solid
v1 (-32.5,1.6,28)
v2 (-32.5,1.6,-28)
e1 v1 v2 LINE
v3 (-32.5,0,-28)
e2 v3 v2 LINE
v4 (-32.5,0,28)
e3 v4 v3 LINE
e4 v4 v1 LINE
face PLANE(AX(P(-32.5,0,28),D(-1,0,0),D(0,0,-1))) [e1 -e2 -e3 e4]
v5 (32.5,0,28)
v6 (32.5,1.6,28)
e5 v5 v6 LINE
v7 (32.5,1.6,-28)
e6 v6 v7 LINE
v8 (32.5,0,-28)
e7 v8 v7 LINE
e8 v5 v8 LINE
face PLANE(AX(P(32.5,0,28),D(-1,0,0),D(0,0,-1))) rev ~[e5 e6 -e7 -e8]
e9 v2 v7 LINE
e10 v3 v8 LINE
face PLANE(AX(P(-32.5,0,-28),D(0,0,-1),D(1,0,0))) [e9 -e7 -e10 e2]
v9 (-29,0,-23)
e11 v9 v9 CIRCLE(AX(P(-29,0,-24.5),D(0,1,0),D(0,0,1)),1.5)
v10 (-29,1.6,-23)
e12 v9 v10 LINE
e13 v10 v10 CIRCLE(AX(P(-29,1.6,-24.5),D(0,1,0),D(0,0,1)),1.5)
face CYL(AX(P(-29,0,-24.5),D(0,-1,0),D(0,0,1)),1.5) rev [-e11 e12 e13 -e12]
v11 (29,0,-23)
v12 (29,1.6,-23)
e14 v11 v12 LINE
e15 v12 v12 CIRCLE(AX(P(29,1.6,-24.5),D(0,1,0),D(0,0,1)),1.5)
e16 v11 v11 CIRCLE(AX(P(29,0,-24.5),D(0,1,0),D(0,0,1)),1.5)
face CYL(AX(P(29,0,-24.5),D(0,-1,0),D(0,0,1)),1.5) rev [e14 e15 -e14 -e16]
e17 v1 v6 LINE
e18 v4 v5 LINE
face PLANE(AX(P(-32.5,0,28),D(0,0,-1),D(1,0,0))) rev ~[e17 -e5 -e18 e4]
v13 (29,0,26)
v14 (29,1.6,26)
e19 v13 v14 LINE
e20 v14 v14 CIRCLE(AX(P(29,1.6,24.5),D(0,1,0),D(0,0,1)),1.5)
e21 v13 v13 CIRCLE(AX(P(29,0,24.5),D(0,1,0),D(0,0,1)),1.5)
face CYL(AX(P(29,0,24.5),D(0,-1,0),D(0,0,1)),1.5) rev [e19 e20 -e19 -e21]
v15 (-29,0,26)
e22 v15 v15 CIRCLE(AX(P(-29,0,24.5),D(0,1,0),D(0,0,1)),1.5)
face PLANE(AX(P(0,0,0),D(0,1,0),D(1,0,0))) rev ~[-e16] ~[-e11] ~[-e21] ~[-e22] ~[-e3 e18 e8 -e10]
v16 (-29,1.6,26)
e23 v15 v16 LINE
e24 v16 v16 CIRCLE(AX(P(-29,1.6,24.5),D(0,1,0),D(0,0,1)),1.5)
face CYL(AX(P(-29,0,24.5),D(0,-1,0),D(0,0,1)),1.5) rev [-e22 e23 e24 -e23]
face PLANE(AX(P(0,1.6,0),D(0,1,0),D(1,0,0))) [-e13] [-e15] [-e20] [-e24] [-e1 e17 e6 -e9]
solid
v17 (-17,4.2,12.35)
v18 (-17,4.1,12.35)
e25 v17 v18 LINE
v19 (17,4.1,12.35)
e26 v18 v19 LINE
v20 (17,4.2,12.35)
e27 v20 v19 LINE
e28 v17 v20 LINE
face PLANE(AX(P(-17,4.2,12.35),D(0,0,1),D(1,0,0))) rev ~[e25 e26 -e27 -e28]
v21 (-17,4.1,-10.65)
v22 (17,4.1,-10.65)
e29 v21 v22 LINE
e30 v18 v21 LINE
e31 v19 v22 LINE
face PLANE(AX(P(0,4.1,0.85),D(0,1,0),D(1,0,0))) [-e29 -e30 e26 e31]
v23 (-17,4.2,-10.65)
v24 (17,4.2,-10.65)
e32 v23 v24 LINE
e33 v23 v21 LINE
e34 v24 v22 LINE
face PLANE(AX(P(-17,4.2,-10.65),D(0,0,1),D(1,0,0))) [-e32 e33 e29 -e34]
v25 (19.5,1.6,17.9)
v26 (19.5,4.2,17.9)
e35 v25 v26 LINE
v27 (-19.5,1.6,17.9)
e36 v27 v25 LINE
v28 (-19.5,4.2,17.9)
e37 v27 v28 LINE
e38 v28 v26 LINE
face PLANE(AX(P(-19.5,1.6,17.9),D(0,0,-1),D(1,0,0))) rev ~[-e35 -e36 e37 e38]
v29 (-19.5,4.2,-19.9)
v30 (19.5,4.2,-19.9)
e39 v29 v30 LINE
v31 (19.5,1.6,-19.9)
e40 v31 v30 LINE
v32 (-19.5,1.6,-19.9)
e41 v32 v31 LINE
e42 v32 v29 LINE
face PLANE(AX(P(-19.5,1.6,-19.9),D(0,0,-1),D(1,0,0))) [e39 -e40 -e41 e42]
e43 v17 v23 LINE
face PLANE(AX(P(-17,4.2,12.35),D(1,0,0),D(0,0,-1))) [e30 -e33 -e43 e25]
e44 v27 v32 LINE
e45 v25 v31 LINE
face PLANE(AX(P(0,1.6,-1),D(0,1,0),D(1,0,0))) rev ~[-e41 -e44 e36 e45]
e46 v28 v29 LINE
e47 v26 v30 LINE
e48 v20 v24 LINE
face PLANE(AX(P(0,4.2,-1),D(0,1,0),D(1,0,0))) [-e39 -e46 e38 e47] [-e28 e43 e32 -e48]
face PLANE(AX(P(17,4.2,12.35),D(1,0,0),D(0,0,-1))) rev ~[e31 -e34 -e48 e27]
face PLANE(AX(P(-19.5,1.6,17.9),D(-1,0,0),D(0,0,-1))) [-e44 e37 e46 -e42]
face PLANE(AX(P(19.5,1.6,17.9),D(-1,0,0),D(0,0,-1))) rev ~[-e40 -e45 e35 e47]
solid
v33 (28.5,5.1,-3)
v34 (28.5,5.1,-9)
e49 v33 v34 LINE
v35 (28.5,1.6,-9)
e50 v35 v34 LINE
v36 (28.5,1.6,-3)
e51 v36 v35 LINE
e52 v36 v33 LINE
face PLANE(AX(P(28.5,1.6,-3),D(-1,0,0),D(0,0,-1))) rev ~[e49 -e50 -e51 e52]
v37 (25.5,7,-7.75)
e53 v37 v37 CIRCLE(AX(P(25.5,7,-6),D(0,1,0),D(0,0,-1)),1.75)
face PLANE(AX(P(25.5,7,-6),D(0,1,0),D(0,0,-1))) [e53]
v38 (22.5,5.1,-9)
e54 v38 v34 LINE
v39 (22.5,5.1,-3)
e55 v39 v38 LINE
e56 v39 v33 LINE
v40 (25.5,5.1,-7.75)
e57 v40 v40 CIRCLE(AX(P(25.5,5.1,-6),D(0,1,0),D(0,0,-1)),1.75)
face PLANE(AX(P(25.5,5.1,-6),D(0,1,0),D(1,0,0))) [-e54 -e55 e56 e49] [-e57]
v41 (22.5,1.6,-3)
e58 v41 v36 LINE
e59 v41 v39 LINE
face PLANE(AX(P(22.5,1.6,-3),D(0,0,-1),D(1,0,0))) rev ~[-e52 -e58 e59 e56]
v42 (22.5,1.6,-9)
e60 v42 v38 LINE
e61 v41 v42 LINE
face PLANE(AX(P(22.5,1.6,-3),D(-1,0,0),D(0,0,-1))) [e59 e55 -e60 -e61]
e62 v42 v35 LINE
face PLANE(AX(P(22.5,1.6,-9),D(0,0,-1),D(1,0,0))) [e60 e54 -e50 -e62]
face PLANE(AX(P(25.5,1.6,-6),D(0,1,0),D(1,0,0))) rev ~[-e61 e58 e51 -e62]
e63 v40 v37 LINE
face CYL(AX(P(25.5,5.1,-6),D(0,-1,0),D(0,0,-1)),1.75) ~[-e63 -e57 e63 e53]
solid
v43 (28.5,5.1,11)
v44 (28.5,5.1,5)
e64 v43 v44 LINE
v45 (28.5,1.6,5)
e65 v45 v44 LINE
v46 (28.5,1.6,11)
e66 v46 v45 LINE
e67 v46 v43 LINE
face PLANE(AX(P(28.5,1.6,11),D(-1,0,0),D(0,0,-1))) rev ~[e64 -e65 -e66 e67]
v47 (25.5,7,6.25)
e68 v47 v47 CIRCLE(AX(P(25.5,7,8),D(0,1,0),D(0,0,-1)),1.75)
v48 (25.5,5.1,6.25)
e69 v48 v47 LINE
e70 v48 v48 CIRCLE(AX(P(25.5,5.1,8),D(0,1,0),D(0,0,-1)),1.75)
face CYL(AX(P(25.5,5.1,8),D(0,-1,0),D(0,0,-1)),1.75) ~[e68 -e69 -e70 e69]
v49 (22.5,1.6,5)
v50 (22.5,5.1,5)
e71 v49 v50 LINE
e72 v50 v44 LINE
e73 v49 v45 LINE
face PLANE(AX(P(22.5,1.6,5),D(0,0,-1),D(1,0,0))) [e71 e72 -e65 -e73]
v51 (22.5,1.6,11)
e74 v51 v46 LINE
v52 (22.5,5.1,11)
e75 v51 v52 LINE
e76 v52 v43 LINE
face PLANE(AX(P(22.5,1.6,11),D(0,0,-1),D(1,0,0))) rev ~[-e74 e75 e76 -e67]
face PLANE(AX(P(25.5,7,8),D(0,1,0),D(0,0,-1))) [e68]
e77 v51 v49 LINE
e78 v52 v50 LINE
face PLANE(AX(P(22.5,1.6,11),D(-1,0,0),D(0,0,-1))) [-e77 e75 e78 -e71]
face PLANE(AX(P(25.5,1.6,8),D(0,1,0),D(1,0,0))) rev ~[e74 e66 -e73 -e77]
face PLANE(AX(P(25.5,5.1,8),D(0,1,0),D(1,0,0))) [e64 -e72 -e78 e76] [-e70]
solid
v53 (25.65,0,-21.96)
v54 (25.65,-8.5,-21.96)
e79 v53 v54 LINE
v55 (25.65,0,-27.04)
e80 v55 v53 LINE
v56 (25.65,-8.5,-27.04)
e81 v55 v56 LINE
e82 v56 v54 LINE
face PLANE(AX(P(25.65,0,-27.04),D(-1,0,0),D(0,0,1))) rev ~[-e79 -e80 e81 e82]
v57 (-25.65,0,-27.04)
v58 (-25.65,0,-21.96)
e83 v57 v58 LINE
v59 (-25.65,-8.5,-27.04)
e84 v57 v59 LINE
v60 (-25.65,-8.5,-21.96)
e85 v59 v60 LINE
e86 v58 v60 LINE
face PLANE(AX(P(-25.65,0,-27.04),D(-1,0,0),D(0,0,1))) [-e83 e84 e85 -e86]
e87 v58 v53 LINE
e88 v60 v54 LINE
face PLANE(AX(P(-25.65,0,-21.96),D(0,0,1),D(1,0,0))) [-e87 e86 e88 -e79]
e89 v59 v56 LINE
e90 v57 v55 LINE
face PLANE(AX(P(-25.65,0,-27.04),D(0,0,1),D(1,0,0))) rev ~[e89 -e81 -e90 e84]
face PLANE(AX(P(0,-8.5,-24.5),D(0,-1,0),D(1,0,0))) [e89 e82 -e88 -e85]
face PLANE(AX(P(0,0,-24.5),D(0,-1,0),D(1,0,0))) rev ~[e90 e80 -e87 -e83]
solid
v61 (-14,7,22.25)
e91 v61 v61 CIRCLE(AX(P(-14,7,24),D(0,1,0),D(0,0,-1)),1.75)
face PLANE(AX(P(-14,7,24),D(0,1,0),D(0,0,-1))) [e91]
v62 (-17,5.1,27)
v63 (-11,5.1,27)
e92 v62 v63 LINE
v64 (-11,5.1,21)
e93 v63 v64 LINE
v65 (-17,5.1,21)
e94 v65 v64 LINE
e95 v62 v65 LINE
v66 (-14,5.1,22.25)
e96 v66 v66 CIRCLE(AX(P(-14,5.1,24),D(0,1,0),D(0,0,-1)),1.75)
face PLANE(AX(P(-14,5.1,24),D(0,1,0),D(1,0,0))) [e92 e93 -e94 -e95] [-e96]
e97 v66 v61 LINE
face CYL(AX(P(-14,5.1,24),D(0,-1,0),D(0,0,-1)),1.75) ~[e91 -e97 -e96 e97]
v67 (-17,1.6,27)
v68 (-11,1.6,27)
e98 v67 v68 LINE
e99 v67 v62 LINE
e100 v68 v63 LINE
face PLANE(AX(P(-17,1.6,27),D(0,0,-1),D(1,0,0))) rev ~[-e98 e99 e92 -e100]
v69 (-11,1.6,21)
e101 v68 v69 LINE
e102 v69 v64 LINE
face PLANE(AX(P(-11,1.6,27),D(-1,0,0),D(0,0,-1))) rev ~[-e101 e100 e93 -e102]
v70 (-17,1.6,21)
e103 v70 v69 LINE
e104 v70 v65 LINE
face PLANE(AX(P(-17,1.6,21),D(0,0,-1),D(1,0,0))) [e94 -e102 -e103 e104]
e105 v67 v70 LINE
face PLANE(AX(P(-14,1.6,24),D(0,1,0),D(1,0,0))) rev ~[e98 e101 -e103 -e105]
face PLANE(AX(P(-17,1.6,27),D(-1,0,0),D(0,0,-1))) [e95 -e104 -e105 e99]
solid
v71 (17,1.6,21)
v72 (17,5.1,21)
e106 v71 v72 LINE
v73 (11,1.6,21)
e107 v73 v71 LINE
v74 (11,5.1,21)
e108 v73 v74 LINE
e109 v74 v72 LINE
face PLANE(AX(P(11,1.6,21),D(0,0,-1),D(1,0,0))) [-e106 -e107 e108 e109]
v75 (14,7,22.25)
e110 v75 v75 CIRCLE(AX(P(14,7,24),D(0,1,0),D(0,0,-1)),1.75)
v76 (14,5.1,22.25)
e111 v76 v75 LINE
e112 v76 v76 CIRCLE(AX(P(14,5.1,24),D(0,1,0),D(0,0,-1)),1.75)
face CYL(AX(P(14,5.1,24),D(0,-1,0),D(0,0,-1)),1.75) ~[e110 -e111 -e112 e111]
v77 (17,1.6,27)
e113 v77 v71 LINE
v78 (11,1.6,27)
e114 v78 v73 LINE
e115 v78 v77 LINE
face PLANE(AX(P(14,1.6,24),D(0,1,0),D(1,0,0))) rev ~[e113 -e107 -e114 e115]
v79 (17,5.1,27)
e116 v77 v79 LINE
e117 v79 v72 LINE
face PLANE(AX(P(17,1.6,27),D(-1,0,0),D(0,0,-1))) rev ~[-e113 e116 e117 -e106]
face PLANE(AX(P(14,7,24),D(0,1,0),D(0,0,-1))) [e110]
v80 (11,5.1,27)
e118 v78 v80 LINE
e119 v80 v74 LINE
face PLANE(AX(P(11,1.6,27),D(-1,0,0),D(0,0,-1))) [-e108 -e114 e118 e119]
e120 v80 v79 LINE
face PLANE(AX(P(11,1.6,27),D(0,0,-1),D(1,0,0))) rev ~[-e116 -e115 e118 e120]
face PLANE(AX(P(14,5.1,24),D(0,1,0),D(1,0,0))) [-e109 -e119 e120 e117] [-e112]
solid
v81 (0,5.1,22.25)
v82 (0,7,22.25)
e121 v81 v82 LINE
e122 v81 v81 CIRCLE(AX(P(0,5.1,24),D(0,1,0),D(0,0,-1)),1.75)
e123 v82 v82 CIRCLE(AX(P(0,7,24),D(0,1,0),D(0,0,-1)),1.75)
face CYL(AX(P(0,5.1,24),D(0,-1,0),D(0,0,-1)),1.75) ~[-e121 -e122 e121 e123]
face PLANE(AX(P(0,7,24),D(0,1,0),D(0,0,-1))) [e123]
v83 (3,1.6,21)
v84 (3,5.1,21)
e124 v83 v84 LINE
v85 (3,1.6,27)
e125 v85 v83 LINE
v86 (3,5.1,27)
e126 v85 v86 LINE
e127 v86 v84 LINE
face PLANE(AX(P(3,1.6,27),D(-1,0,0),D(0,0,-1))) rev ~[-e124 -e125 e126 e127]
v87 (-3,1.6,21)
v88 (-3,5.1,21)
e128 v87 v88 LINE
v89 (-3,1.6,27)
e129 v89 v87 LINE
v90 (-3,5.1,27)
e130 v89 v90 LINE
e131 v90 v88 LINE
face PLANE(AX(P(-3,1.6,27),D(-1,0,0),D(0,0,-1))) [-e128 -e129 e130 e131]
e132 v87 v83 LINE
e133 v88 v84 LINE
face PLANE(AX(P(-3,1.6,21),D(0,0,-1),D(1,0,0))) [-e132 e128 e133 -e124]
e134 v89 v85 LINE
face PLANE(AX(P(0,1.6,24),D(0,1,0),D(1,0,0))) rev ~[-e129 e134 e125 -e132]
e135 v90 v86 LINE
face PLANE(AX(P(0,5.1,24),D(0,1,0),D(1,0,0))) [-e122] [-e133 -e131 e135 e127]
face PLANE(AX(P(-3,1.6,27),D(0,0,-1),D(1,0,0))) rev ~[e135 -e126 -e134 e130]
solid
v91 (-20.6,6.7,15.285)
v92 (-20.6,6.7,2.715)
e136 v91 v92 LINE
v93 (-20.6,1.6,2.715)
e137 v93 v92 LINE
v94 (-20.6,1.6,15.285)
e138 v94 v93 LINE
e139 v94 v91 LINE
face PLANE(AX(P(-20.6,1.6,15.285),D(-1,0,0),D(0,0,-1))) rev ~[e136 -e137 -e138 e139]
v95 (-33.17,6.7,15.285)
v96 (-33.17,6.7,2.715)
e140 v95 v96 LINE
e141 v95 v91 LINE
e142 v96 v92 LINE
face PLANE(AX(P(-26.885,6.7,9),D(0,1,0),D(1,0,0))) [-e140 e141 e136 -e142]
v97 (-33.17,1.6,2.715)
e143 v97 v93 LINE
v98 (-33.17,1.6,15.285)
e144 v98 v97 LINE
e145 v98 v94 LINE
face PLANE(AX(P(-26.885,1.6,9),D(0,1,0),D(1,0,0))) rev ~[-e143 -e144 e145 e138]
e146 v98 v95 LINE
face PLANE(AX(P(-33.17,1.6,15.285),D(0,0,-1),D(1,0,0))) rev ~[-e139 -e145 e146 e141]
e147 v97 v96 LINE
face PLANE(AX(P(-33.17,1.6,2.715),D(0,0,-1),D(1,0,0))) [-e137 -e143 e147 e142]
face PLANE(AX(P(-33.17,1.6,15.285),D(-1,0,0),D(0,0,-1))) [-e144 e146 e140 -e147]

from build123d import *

# Parameters (mm, degrees)
SKETCH1_W             = 65
SKETCH1_H             = 56
SKETCH1_R             = 1.5
BOSS_EXTRUDE1_DEPTH   = 1.6
SKETCH2_W             = 39
SKETCH2_H             = 37.8
BOSS_EXTRUDE2_DEPTH   = 2.6
SKETCH3_W             = 34
SKETCH3_H             = 23
CUT_EXTRUDE1_DEPTH    = 0.1
SKETCH4_W             = 12.57
SKETCH4_H             = 12.57
BOSS_EXTRUDE3_DEPTH   = 5.1
SKETCH5_W             = 6
SKETCH5_H             = 6
BOSS_EXTRUDE4_DEPTH   = 3.5
BOSS_EXTRUDE4_2_DEPTH = 3.5
BOSS_EXTRUDE4_3_DEPTH = 3.5
BOSS_EXTRUDE4_4_DEPTH = 3.5
BOSS_EXTRUDE4_5_DEPTH = 3.5
SKETCH6_R             = 1.75
BOSS_EXTRUDE5_DEPTH   = 1.9
SKETCH7_W             = 51.3
SKETCH7_H             = 5.08
BOSS_EXTRUDE6_DEPTH   = 8.5


with BuildPart() as part:
    # Sketch1 → Boss-Extrude1 (new body)
    with BuildSketch(Plane(origin=(0, 0, 0), x_dir=(1, 0, 0), z_dir=(0, 1, 0))):
        Rectangle(SKETCH1_W, SKETCH1_H)
        with Locations(Location((-29, 24.5, 0), (0, 0, 270))):
            Circle(SKETCH1_R, mode=Mode.SUBTRACT)
        with Locations(Location((29, 24.5, 0), (0, 0, 270))):
            Circle(SKETCH1_R, mode=Mode.SUBTRACT)
        with Locations(Location((29, -24.5, 0), (0, 0, 270))):
            Circle(SKETCH1_R, mode=Mode.SUBTRACT)
        with Locations(Location((-29, -24.5, 0), (0, 0, 270))):
            Circle(SKETCH1_R, mode=Mode.SUBTRACT)
    extrude(amount=BOSS_EXTRUDE1_DEPTH)


with BuildPart() as body_2:
    # Sketch2 → Boss-Extrude2 (new body)
    with BuildSketch(Plane(origin=(0, 1.6, 0), x_dir=(1, 0, 0), z_dir=(0, 1, 0))):
        with Locations((0, 1)):
            Rectangle(SKETCH2_W, SKETCH2_H)
    extrude(amount=BOSS_EXTRUDE2_DEPTH)

    # Sketch3 → Cut-Extrude1 (cut)
    with BuildSketch(Plane(origin=(0, 4.2, 0), x_dir=(1, 0, 0), z_dir=(0, 1, 0))):
        with Locations((0, -0.85)):
            Rectangle(SKETCH3_W, SKETCH3_H)
    extrude(amount=-CUT_EXTRUDE1_DEPTH, mode=Mode.SUBTRACT)


with BuildPart() as body_3:
    # Sketch4 → Boss-Extrude3 (new body)
    with BuildSketch(Plane(origin=(0, 1.6, 0), x_dir=(1, 0, 0), z_dir=(0, 1, 0))):
        with Locations((-26.885, -9)):
            Rectangle(SKETCH4_W, SKETCH4_H)
    extrude(amount=BOSS_EXTRUDE3_DEPTH)


with BuildPart() as body_4:
    # Sketch5 → Boss-Extrude4 (new body)
    with BuildSketch(Plane(origin=(0, 1.6, 0), x_dir=(1, 0, 0), z_dir=(0, 1, 0))):
        with Locations((0, -24)):
            Rectangle(SKETCH5_W, SKETCH5_H)
    extrude(amount=BOSS_EXTRUDE4_DEPTH)



with BuildPart() as body_5:
    # Sketch5 → Boss-Extrude4 2 (new body)
    with BuildSketch(Plane(origin=(0, 1.6, 0), x_dir=(1, 0, 0), z_dir=(0, 1, 0))):
        with Locations((14, -24)):
            Rectangle(SKETCH5_W, SKETCH5_H)
    extrude(amount=BOSS_EXTRUDE4_2_DEPTH)


with BuildPart() as body_6:
    # Sketch5 → Boss-Extrude4 3 (new body)
    with BuildSketch(Plane(origin=(0, 1.6, 0), x_dir=(1, 0, 0), z_dir=(0, 1, 0))):
        with Locations((-14, -24)):
            Rectangle(SKETCH5_W, SKETCH5_H)
    extrude(amount=BOSS_EXTRUDE4_3_DEPTH)


with BuildPart() as body_7:
    # Sketch5 → Boss-Extrude4 4 (new body)
    with BuildSketch(Plane(origin=(0, 1.6, 0), x_dir=(1, 0, 0), z_dir=(0, 1, 0))):
        with Locations((25.5, 6)):
            Rectangle(SKETCH5_W, SKETCH5_H)
    extrude(amount=BOSS_EXTRUDE4_4_DEPTH)


with BuildPart() as body_8:
    # Sketch5 → Boss-Extrude4 5 (new body)
    with BuildSketch(Plane(origin=(0, 1.6, 0), x_dir=(1, 0, 0), z_dir=(0, 1, 0))):
        with Locations((25.5, -8)):
            Rectangle(SKETCH5_W, SKETCH5_H)
    extrude(amount=BOSS_EXTRUDE4_5_DEPTH)


with BuildPart() as body_4_1:
    add(body_4.part)

    add(body_5.part)  # Boss-Extrude5 merges body 5

    add(body_6.part)  # Boss-Extrude5 merges body 6

    add(body_7.part)  # Boss-Extrude5 merges body 7

    add(body_8.part)  # Boss-Extrude5 merges body 8
    # Sketch6 → Boss-Extrude5 (add)
    with BuildSketch(Plane(origin=(0, 5.1, 0), x_dir=(1, 0, 0), z_dir=(0, 1, 0))):
        with Locations(Location((-14, -24, 0), (0, 0, 90))):
            Circle(SKETCH6_R)
        with Locations(Location((0, -24, 0), (0, 0, 90))):
            Circle(SKETCH6_R)
        with Locations(Location((14, -24, 0), (0, 0, 90))):
            Circle(SKETCH6_R)
        with Locations(Location((25.5, -8, 0), (0, 0, 90))):
            Circle(SKETCH6_R)
        with Locations(Location((25.5, 6, 0), (0, 0, 90))):
            Circle(SKETCH6_R)
    extrude(amount=BOSS_EXTRUDE5_DEPTH)


with BuildPart() as body_5_2:
    # Sketch7 → Boss-Extrude6 (new body)
    with BuildSketch(Plane.XZ):
        with Locations((0, -24.5)):
            Rectangle(SKETCH7_W, SKETCH7_H)
    extrude(amount=BOSS_EXTRUDE6_DEPTH)


solid = Compound([part.part, body_2.part, body_3.part, body_4_1.part, body_5_2.part])
